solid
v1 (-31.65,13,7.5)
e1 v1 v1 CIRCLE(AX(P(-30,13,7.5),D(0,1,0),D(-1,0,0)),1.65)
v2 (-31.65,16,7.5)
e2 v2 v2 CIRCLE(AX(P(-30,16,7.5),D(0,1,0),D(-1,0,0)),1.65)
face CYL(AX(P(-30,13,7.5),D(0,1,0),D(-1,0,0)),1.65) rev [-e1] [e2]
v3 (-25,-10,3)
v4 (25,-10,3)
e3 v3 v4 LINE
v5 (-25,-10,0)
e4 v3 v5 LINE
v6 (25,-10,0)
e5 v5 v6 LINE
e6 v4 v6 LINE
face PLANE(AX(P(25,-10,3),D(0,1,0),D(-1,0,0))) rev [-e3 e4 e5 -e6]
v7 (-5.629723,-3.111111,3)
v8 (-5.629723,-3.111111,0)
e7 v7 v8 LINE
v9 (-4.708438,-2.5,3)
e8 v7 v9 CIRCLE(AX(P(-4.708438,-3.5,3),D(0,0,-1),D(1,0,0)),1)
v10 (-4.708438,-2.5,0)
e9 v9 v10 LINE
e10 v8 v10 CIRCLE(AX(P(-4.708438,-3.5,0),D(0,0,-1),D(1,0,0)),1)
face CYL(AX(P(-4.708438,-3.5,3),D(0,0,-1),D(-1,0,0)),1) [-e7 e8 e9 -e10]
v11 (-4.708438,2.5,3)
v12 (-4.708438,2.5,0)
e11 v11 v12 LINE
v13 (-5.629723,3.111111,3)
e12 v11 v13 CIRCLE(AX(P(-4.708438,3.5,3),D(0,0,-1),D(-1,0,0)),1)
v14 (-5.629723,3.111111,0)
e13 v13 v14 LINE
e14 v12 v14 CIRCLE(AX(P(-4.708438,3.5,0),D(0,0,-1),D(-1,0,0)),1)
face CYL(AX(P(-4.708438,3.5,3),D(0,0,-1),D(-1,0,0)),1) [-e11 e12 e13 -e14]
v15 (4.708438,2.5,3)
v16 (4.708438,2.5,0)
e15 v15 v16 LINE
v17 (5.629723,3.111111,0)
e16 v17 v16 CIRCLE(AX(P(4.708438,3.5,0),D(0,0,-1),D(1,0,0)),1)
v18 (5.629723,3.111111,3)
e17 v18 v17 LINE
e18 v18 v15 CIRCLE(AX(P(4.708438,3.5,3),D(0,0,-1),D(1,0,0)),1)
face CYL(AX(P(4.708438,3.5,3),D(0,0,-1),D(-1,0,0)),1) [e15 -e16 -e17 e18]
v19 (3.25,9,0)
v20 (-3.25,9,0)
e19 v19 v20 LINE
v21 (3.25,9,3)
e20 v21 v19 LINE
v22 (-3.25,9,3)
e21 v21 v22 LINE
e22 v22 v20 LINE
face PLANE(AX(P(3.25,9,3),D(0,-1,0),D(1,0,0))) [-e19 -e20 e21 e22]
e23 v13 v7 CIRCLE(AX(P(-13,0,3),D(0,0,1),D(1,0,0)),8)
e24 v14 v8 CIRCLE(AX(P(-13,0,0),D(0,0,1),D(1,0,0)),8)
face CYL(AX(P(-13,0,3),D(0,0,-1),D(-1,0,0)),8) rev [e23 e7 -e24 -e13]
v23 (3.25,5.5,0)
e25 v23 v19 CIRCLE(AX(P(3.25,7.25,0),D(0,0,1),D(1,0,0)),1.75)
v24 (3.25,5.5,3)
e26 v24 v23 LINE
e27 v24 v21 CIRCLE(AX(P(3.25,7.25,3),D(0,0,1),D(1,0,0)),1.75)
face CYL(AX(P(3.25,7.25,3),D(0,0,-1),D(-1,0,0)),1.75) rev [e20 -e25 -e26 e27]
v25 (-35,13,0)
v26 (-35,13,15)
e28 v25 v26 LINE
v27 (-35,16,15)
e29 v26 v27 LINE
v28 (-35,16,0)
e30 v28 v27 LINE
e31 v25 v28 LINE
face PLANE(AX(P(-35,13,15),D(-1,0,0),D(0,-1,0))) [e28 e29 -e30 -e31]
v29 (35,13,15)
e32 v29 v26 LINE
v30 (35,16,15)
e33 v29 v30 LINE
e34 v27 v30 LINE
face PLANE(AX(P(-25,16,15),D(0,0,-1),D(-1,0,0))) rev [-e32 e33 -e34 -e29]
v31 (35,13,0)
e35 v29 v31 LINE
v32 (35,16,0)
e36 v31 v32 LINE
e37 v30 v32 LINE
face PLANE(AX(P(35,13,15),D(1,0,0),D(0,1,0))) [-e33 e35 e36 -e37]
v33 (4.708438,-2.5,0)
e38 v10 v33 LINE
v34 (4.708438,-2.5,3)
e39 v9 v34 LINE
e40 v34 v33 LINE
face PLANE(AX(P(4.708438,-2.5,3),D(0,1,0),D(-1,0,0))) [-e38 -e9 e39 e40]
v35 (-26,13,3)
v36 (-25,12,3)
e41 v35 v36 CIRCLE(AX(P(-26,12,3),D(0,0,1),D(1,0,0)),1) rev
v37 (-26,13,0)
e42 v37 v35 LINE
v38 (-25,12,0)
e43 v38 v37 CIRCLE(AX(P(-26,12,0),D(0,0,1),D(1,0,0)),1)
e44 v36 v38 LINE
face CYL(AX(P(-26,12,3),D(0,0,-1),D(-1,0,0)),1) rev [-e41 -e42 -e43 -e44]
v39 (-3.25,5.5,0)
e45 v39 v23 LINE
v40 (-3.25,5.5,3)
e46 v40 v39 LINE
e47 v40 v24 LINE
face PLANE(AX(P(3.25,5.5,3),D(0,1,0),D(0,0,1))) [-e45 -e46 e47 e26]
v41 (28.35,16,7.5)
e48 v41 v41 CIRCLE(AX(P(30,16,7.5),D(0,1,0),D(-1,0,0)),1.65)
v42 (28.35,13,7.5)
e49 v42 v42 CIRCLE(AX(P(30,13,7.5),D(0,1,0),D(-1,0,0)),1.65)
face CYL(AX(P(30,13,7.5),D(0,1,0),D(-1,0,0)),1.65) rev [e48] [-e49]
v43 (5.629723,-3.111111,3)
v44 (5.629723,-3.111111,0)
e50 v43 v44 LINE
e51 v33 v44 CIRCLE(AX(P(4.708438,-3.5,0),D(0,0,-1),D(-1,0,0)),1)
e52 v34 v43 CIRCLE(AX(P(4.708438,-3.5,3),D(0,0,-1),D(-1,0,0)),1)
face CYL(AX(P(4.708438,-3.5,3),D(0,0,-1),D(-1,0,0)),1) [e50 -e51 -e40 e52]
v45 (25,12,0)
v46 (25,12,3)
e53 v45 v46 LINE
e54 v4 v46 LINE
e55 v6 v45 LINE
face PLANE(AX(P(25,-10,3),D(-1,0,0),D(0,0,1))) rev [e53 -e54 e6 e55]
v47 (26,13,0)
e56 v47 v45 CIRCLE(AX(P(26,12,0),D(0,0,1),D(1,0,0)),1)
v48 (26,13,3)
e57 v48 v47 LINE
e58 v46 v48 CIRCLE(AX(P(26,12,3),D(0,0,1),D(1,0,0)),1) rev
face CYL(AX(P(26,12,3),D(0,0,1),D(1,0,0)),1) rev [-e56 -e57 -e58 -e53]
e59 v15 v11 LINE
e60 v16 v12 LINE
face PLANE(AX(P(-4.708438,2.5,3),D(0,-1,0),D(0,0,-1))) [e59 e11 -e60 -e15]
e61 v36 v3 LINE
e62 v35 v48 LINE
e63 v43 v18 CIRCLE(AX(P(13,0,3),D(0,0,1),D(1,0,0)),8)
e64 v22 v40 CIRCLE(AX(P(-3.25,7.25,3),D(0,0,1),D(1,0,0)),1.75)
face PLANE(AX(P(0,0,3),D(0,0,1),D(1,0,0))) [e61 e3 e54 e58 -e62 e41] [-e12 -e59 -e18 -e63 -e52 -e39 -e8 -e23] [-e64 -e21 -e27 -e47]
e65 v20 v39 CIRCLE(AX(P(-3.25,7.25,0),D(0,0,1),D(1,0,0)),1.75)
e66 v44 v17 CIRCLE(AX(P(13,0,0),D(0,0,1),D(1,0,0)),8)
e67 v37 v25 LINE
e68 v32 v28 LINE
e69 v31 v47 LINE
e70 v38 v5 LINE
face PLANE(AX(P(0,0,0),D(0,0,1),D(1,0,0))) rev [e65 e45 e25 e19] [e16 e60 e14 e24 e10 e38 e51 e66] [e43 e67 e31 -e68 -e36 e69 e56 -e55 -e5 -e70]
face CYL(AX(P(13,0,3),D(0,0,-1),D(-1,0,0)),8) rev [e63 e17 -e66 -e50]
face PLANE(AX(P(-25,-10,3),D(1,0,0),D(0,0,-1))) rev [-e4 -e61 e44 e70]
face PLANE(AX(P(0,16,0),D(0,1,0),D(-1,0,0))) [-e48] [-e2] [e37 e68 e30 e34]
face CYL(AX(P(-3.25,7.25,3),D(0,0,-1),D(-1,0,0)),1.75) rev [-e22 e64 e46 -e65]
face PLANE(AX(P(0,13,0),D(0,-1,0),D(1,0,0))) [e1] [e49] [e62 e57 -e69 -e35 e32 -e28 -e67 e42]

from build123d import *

# Parameters (mm, degrees)
SKETCH_1_W          = 50
SKETCH_1_H          = 20
EXTRUDE_1_DEPTH     = 3
SKETCH_2_W          = 50
SKETCH_2_H          = 15
EXTRUDE_2_DEPTH     = 6
SKETCH_5_W          = 50
SKETCH_5_H          = 12
CUT_EXTRUDE_2_DEPTH = 3
SKETCH_6_W          = 10
SKETCH_6_H          = 15
SKETCH_6_R          = 1.65
EXTRUDE_3_DEPTH     = 3
FILLET_1_R          = 1


with BuildPart() as part:
    # 草图1 → 凸台-拉伸1 (new body)
    with BuildSketch(Plane.XY):
        Rectangle(SKETCH_1_W, SKETCH_1_H)
        with BuildLine():
            Line((-4.708438024, 2.5), (4.708438024, 2.5))
            ThreePointArc((4.708438024, 2.5), (5.261208823, 2.666666667), (5.629722688, 3.111111111))
            ThreePointArc((5.629722688, 3.111111111), (21, 0), (5.629722688, -3.111111111))
            ThreePointArc((5.629722688, -3.111111111), (5.261208823, -2.666666667), (4.708438024, -2.5))
            Line((4.708438024, -2.5), (-4.708438024, -2.5))
            ThreePointArc((-4.708438024, -2.5), (-5.261208823, -2.666666667), (-5.629722688, -3.111111111))
            ThreePointArc((-5.629722688, -3.111111111), (-21, 0), (-5.629722688, 3.111111111))
            ThreePointArc((-5.629722688, 3.111111111), (-5.261208823, 2.666666667), (-4.708438024, 2.5))
        make_face(mode=Mode.SUBTRACT)
        with BuildLine():
            Line((3.25, 5.5), (-3.25, 5.5))
            ThreePointArc((-3.25, 5.5), (-5, 7.25), (-3.25, 9))
            Line((-3.25, 9), (3.25, 9))
            ThreePointArc((3.25, 9), (5, 7.25), (3.25, 5.5))
        make_face(mode=Mode.SUBTRACT)
    extrude(amount=EXTRUDE_1_DEPTH)

    # 草图2 → 凸台-拉伸2 (add)
    with BuildSketch(Plane(origin=(0, 10, 0), x_dir=(1, 0, 0), z_dir=(0, 1, 0))):
        with Locations((0, -7.5)):
            Rectangle(SKETCH_2_W, SKETCH_2_H)
    extrude(amount=EXTRUDE_2_DEPTH)

    # 草图5 → 切除-拉伸2 (cut)
    with BuildSketch(Plane.XZ.offset(-10)):
        with Locations((0, 9)):
            Rectangle(SKETCH_5_W, SKETCH_5_H)
    extrude(amount=-CUT_EXTRUDE_2_DEPTH, mode=Mode.SUBTRACT)

    # 草图6 → 凸台-拉伸3 (add)
    # profile 1 of 2: a face of its own
    with BuildSketch(Plane(origin=(0, 16, 0), x_dir=(1, 0, 0), z_dir=(0, 1, 0))):
        with Locations((30, -7.5)):
            Rectangle(SKETCH_6_W, SKETCH_6_H)
        with Locations(Location((30, -7.5, 0), (0, 0, 180))):
            Circle(SKETCH_6_R, mode=Mode.SUBTRACT)
    # profile 2 of 2: a face of its own
    with BuildSketch(Plane(origin=(0, 16, 0), x_dir=(1, 0, 0), z_dir=(0, 1, 0))):
        with Locations((-30, -7.5)):
            Rectangle(SKETCH_6_W, SKETCH_6_H)
        with Locations(Location((-30, -7.5, 0), (0, 0, 180))):
            Circle(SKETCH_6_R, mode=Mode.SUBTRACT)
    extrude(amount=-EXTRUDE_3_DEPTH)

    # 圆角1
    fillet_1_edges = [part.edges().sort_by_distance(p)[0] for p in [
        (25, 13, 1.5),
        (-25, 13, 1.5),
    ]]
    fillet(fillet_1_edges, radius=FILLET_1_R)


solid = part.part
